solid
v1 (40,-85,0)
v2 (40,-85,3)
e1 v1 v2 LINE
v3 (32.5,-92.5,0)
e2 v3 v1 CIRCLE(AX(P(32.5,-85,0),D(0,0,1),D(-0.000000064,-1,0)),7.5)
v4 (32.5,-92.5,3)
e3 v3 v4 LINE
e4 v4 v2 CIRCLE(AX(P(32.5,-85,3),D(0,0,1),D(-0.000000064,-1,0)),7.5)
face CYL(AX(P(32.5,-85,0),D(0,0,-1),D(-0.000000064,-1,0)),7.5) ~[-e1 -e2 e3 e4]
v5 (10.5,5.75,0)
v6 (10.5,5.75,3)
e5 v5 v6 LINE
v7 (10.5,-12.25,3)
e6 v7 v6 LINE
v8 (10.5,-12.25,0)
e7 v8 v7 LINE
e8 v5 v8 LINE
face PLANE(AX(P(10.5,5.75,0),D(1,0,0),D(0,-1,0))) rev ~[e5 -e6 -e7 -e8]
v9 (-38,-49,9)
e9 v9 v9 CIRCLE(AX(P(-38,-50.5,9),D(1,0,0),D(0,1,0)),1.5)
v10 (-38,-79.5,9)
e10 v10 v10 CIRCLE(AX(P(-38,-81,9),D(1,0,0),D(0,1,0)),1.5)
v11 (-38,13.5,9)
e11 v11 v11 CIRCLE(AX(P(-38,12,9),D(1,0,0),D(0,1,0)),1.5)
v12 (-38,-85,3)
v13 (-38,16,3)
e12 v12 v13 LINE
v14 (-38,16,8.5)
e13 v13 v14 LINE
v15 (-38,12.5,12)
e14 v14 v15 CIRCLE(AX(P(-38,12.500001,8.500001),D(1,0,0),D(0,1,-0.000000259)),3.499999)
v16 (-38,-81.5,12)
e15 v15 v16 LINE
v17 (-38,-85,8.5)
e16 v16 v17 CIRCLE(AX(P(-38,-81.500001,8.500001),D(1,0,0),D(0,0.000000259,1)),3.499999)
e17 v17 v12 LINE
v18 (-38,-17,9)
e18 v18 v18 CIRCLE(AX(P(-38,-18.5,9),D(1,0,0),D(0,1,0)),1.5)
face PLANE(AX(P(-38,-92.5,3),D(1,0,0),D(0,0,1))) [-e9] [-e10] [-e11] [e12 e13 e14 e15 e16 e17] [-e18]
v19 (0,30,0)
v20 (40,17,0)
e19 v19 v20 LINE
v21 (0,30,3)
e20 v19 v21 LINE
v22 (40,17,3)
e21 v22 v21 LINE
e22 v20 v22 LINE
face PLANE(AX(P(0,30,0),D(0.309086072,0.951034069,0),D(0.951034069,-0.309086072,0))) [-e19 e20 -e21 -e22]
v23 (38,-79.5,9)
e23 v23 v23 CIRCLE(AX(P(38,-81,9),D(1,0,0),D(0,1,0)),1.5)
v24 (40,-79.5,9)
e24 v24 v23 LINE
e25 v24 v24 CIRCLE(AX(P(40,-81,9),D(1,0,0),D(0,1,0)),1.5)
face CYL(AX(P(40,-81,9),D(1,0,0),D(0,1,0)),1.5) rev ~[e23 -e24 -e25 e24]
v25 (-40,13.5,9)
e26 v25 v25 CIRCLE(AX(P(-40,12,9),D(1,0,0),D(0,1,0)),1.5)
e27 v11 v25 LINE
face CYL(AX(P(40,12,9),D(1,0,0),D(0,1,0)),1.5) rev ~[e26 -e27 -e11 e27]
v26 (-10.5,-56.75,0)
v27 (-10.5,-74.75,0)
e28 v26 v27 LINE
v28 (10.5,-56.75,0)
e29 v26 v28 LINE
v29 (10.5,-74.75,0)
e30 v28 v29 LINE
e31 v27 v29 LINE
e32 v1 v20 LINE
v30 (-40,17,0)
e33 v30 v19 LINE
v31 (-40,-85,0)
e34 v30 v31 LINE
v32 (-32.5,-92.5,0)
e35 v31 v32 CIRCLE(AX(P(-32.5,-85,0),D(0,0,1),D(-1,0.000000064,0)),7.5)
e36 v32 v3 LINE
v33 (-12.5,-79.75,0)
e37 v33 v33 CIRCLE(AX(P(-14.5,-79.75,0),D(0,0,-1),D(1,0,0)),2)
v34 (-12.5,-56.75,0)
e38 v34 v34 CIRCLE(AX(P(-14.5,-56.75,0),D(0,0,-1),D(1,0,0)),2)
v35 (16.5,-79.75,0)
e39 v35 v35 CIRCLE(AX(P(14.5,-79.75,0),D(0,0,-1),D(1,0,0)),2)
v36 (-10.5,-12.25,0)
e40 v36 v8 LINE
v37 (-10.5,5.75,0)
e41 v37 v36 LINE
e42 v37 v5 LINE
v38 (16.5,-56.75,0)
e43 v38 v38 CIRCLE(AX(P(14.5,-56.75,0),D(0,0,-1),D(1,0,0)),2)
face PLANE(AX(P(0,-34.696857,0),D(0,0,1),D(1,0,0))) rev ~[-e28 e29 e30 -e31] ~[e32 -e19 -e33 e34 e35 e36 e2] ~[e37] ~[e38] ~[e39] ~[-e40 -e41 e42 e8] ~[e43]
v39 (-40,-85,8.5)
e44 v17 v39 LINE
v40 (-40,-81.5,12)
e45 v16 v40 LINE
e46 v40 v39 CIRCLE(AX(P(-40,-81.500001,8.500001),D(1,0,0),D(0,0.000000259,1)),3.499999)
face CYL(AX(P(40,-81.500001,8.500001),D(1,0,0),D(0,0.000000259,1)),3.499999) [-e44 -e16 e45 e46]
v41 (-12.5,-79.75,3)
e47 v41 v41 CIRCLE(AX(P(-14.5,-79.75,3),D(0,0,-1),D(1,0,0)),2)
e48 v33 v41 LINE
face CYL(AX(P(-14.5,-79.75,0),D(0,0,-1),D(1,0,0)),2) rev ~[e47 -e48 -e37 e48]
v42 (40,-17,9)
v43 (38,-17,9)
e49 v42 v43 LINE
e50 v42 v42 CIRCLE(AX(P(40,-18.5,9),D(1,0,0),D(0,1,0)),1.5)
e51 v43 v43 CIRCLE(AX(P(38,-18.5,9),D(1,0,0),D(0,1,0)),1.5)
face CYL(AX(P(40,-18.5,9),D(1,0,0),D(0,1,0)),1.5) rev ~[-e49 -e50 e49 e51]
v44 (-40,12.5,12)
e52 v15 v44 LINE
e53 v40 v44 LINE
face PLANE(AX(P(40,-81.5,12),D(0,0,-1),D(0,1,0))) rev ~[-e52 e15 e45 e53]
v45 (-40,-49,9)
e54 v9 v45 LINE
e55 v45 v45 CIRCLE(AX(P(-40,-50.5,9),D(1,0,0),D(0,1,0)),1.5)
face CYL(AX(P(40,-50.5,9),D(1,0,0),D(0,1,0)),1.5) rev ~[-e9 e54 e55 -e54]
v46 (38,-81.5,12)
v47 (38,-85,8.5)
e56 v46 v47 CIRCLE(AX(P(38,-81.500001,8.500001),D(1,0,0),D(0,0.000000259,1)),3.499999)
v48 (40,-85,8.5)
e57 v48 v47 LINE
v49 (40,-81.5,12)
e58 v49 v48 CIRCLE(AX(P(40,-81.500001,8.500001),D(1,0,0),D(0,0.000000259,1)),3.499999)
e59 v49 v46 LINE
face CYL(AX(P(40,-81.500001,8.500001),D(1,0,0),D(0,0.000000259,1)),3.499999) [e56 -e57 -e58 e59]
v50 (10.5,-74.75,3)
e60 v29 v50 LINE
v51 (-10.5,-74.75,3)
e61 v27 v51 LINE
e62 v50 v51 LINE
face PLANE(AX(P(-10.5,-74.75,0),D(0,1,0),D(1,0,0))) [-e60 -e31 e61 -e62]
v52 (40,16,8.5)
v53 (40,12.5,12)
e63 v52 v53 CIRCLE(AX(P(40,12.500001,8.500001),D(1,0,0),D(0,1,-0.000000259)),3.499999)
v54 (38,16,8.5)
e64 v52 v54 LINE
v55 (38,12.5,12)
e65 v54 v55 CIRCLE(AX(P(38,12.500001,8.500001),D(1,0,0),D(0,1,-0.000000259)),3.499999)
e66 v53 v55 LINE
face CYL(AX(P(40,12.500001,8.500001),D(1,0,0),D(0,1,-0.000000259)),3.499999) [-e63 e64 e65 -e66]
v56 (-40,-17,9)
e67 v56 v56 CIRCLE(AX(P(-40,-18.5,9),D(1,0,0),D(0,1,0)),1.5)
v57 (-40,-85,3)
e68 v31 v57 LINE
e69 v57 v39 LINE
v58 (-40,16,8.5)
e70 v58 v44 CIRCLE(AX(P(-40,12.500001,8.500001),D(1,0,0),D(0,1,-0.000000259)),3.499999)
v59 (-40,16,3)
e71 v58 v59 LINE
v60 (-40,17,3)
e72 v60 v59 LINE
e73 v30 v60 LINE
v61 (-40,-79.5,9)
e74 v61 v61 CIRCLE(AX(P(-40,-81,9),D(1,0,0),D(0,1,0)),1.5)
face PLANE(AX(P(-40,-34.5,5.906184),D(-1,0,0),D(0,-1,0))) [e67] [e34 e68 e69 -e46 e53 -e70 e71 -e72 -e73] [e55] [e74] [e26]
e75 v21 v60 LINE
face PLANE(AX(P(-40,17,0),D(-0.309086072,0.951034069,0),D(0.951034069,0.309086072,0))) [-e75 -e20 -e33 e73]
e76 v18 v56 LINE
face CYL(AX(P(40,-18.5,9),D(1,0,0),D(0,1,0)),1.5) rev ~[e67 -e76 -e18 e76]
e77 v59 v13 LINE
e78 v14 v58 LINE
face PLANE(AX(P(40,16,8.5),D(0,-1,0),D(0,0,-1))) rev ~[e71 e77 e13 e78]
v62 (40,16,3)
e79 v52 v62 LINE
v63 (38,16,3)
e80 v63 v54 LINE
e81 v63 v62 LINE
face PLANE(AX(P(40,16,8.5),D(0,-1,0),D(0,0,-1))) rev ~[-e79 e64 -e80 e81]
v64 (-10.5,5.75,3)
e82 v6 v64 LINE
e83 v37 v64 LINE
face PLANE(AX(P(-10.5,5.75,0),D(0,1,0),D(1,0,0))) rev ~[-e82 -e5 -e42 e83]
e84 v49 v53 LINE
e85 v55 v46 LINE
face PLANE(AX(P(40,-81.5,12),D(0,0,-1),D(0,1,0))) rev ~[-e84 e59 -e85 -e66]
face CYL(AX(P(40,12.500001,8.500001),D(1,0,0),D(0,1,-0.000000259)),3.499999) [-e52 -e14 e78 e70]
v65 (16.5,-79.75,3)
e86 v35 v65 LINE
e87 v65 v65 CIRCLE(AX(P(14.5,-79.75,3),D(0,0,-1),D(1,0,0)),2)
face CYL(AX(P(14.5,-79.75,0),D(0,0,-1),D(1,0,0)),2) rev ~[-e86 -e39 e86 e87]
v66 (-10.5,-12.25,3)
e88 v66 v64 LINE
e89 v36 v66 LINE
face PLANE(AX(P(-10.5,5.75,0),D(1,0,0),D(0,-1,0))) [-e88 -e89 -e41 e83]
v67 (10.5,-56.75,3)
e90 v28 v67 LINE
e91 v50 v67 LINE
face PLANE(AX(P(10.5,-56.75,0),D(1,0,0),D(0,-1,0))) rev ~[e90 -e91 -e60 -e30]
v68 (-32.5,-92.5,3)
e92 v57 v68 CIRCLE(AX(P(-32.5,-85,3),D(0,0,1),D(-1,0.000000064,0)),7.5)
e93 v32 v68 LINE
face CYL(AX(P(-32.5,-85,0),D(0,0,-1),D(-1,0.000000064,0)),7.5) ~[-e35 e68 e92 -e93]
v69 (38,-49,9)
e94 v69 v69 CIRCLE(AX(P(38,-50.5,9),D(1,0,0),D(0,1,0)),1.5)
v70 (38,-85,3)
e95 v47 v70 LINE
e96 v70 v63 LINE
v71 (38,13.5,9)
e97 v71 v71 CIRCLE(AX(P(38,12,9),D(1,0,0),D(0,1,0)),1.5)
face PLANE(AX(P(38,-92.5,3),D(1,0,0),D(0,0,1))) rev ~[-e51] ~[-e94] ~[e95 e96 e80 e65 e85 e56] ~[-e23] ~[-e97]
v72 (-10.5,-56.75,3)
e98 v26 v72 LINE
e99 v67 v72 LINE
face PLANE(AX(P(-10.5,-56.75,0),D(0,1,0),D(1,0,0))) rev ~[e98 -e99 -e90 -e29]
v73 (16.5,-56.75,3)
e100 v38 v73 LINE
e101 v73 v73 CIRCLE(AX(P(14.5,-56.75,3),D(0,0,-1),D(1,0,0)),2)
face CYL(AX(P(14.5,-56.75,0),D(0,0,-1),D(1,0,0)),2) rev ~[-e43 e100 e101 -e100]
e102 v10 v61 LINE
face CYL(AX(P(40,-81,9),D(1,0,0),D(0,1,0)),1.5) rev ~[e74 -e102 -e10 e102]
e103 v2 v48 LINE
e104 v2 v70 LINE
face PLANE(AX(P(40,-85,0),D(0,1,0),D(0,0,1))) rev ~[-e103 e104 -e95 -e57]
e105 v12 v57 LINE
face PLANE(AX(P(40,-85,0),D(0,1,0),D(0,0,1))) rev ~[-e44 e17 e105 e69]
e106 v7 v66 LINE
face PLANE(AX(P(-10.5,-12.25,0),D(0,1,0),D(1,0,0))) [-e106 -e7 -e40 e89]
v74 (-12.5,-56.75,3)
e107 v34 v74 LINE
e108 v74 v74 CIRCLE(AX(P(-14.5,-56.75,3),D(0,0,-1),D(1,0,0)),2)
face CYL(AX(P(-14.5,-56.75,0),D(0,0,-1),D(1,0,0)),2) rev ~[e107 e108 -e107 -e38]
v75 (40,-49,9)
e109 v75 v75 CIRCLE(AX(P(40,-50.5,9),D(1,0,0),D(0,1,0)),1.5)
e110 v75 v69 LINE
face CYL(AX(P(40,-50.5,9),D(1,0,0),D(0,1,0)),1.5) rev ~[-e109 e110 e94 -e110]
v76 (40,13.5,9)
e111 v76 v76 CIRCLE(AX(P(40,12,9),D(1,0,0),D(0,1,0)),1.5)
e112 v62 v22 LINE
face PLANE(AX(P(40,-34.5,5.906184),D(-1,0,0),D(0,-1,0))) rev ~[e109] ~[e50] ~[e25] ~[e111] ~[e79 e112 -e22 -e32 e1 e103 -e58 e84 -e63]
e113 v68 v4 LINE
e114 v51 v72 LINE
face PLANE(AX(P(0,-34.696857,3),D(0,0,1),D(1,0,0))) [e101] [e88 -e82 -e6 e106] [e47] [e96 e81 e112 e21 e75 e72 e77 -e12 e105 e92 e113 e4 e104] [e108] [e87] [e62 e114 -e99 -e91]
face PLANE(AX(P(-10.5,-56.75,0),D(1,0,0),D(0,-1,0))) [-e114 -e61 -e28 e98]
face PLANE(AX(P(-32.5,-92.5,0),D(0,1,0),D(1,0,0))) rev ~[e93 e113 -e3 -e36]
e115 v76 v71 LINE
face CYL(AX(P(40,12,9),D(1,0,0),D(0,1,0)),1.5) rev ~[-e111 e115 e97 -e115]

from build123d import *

# Parameters (mm, degrees)
PAD_DEPTH       = 3
SKETCH001_R     = 1.5
PAD001_DEPTH    = 80
SKETCH002_W     = 76
SKETCH002_H     = 10
POCKET_DEPTH    = 700
SKETCH003_R     = 2
SKETCH003_W     = 21
SKETCH003_H     = 18
POCKET001_DEPTH = 5


with BuildPart() as part:
    # Sketch → Pad (new body)
    with BuildSketch(Plane.XY):
        with BuildLine():
            Line((-40, 0), (-40, -85))
            ThreePointArc((-40, -85), (-37.803301, -90.303301), (-32.5, -92.5))
            Line((-32.5, -92.5), (32.5, -92.5))
            ThreePointArc((32.5, -92.5), (37.803301, -90.303301), (40, -85))
            Line((40, 0), (40, -85))
            Line((40, 0), (40, 17))
            Line((0, 30), (40, 17))
            Line((-40, 17), (0, 30))
            Line((-40, 0), (-40, 17))
        make_face()
    extrude(amount=PAD_DEPTH)

    # Sketch001 (on Face6 of Pad) → Pad001 (join)
    with BuildSketch(Plane.YZ.offset(40)):
        with BuildLine():
            Line((-81.5, 12), (12.5, 12))
            ThreePointArc((16, 8.5), (14.974874, 10.974874), (12.5, 12))
            Line((16, 8.5), (16, 0))
            Line((16, 0), (-85, 0))
            Line((-85, 0), (-85, 8.5))
            ThreePointArc((-81.5, 12), (-83.974874, 10.974874), (-85, 8.5))
        make_face()
        with Locations((-81, 9)):
            Circle(SKETCH001_R, mode=Mode.SUBTRACT)
        with Locations((-50.5, 9)):
            Circle(SKETCH001_R, mode=Mode.SUBTRACT)
        with Locations((-18.5, 9)):
            Circle(SKETCH001_R, mode=Mode.SUBTRACT)
        with Locations((12, 9)):
            Circle(SKETCH001_R, mode=Mode.SUBTRACT)
    extrude(amount=-PAD001_DEPTH)

    # Sketch002 (on Face7 of Pad001) → Pocket (cut)
    with BuildSketch(Plane.XZ.offset(92.5)):
        with Locations((0, 8)):
            Rectangle(SKETCH002_W, SKETCH002_H)
    extrude(amount=-POCKET_DEPTH, mode=Mode.SUBTRACT)

    # Sketch003 (on Face4 of Pocket) → Pocket001 (cut)
    with BuildSketch(Plane(origin=(0, 0, 0), x_dir=(1, 0, 0), z_dir=(0, 0, -1))):
        with Locations((14.5, 79.75)):
            Circle(SKETCH003_R)
        with Locations((-14.5, 79.75)):
            Circle(SKETCH003_R)
        with Locations((-14.5, 56.75)):
            Circle(SKETCH003_R)
        with Locations((14.5, 56.75)):
            Circle(SKETCH003_R)
        with Locations((0, 65.75)):
            Rectangle(SKETCH003_W, SKETCH003_H)
        with Locations((0, 3.25)):
            Rectangle(SKETCH003_W, SKETCH003_H)
    extrude(amount=-POCKET001_DEPTH, mode=Mode.SUBTRACT)


solid = part.part
